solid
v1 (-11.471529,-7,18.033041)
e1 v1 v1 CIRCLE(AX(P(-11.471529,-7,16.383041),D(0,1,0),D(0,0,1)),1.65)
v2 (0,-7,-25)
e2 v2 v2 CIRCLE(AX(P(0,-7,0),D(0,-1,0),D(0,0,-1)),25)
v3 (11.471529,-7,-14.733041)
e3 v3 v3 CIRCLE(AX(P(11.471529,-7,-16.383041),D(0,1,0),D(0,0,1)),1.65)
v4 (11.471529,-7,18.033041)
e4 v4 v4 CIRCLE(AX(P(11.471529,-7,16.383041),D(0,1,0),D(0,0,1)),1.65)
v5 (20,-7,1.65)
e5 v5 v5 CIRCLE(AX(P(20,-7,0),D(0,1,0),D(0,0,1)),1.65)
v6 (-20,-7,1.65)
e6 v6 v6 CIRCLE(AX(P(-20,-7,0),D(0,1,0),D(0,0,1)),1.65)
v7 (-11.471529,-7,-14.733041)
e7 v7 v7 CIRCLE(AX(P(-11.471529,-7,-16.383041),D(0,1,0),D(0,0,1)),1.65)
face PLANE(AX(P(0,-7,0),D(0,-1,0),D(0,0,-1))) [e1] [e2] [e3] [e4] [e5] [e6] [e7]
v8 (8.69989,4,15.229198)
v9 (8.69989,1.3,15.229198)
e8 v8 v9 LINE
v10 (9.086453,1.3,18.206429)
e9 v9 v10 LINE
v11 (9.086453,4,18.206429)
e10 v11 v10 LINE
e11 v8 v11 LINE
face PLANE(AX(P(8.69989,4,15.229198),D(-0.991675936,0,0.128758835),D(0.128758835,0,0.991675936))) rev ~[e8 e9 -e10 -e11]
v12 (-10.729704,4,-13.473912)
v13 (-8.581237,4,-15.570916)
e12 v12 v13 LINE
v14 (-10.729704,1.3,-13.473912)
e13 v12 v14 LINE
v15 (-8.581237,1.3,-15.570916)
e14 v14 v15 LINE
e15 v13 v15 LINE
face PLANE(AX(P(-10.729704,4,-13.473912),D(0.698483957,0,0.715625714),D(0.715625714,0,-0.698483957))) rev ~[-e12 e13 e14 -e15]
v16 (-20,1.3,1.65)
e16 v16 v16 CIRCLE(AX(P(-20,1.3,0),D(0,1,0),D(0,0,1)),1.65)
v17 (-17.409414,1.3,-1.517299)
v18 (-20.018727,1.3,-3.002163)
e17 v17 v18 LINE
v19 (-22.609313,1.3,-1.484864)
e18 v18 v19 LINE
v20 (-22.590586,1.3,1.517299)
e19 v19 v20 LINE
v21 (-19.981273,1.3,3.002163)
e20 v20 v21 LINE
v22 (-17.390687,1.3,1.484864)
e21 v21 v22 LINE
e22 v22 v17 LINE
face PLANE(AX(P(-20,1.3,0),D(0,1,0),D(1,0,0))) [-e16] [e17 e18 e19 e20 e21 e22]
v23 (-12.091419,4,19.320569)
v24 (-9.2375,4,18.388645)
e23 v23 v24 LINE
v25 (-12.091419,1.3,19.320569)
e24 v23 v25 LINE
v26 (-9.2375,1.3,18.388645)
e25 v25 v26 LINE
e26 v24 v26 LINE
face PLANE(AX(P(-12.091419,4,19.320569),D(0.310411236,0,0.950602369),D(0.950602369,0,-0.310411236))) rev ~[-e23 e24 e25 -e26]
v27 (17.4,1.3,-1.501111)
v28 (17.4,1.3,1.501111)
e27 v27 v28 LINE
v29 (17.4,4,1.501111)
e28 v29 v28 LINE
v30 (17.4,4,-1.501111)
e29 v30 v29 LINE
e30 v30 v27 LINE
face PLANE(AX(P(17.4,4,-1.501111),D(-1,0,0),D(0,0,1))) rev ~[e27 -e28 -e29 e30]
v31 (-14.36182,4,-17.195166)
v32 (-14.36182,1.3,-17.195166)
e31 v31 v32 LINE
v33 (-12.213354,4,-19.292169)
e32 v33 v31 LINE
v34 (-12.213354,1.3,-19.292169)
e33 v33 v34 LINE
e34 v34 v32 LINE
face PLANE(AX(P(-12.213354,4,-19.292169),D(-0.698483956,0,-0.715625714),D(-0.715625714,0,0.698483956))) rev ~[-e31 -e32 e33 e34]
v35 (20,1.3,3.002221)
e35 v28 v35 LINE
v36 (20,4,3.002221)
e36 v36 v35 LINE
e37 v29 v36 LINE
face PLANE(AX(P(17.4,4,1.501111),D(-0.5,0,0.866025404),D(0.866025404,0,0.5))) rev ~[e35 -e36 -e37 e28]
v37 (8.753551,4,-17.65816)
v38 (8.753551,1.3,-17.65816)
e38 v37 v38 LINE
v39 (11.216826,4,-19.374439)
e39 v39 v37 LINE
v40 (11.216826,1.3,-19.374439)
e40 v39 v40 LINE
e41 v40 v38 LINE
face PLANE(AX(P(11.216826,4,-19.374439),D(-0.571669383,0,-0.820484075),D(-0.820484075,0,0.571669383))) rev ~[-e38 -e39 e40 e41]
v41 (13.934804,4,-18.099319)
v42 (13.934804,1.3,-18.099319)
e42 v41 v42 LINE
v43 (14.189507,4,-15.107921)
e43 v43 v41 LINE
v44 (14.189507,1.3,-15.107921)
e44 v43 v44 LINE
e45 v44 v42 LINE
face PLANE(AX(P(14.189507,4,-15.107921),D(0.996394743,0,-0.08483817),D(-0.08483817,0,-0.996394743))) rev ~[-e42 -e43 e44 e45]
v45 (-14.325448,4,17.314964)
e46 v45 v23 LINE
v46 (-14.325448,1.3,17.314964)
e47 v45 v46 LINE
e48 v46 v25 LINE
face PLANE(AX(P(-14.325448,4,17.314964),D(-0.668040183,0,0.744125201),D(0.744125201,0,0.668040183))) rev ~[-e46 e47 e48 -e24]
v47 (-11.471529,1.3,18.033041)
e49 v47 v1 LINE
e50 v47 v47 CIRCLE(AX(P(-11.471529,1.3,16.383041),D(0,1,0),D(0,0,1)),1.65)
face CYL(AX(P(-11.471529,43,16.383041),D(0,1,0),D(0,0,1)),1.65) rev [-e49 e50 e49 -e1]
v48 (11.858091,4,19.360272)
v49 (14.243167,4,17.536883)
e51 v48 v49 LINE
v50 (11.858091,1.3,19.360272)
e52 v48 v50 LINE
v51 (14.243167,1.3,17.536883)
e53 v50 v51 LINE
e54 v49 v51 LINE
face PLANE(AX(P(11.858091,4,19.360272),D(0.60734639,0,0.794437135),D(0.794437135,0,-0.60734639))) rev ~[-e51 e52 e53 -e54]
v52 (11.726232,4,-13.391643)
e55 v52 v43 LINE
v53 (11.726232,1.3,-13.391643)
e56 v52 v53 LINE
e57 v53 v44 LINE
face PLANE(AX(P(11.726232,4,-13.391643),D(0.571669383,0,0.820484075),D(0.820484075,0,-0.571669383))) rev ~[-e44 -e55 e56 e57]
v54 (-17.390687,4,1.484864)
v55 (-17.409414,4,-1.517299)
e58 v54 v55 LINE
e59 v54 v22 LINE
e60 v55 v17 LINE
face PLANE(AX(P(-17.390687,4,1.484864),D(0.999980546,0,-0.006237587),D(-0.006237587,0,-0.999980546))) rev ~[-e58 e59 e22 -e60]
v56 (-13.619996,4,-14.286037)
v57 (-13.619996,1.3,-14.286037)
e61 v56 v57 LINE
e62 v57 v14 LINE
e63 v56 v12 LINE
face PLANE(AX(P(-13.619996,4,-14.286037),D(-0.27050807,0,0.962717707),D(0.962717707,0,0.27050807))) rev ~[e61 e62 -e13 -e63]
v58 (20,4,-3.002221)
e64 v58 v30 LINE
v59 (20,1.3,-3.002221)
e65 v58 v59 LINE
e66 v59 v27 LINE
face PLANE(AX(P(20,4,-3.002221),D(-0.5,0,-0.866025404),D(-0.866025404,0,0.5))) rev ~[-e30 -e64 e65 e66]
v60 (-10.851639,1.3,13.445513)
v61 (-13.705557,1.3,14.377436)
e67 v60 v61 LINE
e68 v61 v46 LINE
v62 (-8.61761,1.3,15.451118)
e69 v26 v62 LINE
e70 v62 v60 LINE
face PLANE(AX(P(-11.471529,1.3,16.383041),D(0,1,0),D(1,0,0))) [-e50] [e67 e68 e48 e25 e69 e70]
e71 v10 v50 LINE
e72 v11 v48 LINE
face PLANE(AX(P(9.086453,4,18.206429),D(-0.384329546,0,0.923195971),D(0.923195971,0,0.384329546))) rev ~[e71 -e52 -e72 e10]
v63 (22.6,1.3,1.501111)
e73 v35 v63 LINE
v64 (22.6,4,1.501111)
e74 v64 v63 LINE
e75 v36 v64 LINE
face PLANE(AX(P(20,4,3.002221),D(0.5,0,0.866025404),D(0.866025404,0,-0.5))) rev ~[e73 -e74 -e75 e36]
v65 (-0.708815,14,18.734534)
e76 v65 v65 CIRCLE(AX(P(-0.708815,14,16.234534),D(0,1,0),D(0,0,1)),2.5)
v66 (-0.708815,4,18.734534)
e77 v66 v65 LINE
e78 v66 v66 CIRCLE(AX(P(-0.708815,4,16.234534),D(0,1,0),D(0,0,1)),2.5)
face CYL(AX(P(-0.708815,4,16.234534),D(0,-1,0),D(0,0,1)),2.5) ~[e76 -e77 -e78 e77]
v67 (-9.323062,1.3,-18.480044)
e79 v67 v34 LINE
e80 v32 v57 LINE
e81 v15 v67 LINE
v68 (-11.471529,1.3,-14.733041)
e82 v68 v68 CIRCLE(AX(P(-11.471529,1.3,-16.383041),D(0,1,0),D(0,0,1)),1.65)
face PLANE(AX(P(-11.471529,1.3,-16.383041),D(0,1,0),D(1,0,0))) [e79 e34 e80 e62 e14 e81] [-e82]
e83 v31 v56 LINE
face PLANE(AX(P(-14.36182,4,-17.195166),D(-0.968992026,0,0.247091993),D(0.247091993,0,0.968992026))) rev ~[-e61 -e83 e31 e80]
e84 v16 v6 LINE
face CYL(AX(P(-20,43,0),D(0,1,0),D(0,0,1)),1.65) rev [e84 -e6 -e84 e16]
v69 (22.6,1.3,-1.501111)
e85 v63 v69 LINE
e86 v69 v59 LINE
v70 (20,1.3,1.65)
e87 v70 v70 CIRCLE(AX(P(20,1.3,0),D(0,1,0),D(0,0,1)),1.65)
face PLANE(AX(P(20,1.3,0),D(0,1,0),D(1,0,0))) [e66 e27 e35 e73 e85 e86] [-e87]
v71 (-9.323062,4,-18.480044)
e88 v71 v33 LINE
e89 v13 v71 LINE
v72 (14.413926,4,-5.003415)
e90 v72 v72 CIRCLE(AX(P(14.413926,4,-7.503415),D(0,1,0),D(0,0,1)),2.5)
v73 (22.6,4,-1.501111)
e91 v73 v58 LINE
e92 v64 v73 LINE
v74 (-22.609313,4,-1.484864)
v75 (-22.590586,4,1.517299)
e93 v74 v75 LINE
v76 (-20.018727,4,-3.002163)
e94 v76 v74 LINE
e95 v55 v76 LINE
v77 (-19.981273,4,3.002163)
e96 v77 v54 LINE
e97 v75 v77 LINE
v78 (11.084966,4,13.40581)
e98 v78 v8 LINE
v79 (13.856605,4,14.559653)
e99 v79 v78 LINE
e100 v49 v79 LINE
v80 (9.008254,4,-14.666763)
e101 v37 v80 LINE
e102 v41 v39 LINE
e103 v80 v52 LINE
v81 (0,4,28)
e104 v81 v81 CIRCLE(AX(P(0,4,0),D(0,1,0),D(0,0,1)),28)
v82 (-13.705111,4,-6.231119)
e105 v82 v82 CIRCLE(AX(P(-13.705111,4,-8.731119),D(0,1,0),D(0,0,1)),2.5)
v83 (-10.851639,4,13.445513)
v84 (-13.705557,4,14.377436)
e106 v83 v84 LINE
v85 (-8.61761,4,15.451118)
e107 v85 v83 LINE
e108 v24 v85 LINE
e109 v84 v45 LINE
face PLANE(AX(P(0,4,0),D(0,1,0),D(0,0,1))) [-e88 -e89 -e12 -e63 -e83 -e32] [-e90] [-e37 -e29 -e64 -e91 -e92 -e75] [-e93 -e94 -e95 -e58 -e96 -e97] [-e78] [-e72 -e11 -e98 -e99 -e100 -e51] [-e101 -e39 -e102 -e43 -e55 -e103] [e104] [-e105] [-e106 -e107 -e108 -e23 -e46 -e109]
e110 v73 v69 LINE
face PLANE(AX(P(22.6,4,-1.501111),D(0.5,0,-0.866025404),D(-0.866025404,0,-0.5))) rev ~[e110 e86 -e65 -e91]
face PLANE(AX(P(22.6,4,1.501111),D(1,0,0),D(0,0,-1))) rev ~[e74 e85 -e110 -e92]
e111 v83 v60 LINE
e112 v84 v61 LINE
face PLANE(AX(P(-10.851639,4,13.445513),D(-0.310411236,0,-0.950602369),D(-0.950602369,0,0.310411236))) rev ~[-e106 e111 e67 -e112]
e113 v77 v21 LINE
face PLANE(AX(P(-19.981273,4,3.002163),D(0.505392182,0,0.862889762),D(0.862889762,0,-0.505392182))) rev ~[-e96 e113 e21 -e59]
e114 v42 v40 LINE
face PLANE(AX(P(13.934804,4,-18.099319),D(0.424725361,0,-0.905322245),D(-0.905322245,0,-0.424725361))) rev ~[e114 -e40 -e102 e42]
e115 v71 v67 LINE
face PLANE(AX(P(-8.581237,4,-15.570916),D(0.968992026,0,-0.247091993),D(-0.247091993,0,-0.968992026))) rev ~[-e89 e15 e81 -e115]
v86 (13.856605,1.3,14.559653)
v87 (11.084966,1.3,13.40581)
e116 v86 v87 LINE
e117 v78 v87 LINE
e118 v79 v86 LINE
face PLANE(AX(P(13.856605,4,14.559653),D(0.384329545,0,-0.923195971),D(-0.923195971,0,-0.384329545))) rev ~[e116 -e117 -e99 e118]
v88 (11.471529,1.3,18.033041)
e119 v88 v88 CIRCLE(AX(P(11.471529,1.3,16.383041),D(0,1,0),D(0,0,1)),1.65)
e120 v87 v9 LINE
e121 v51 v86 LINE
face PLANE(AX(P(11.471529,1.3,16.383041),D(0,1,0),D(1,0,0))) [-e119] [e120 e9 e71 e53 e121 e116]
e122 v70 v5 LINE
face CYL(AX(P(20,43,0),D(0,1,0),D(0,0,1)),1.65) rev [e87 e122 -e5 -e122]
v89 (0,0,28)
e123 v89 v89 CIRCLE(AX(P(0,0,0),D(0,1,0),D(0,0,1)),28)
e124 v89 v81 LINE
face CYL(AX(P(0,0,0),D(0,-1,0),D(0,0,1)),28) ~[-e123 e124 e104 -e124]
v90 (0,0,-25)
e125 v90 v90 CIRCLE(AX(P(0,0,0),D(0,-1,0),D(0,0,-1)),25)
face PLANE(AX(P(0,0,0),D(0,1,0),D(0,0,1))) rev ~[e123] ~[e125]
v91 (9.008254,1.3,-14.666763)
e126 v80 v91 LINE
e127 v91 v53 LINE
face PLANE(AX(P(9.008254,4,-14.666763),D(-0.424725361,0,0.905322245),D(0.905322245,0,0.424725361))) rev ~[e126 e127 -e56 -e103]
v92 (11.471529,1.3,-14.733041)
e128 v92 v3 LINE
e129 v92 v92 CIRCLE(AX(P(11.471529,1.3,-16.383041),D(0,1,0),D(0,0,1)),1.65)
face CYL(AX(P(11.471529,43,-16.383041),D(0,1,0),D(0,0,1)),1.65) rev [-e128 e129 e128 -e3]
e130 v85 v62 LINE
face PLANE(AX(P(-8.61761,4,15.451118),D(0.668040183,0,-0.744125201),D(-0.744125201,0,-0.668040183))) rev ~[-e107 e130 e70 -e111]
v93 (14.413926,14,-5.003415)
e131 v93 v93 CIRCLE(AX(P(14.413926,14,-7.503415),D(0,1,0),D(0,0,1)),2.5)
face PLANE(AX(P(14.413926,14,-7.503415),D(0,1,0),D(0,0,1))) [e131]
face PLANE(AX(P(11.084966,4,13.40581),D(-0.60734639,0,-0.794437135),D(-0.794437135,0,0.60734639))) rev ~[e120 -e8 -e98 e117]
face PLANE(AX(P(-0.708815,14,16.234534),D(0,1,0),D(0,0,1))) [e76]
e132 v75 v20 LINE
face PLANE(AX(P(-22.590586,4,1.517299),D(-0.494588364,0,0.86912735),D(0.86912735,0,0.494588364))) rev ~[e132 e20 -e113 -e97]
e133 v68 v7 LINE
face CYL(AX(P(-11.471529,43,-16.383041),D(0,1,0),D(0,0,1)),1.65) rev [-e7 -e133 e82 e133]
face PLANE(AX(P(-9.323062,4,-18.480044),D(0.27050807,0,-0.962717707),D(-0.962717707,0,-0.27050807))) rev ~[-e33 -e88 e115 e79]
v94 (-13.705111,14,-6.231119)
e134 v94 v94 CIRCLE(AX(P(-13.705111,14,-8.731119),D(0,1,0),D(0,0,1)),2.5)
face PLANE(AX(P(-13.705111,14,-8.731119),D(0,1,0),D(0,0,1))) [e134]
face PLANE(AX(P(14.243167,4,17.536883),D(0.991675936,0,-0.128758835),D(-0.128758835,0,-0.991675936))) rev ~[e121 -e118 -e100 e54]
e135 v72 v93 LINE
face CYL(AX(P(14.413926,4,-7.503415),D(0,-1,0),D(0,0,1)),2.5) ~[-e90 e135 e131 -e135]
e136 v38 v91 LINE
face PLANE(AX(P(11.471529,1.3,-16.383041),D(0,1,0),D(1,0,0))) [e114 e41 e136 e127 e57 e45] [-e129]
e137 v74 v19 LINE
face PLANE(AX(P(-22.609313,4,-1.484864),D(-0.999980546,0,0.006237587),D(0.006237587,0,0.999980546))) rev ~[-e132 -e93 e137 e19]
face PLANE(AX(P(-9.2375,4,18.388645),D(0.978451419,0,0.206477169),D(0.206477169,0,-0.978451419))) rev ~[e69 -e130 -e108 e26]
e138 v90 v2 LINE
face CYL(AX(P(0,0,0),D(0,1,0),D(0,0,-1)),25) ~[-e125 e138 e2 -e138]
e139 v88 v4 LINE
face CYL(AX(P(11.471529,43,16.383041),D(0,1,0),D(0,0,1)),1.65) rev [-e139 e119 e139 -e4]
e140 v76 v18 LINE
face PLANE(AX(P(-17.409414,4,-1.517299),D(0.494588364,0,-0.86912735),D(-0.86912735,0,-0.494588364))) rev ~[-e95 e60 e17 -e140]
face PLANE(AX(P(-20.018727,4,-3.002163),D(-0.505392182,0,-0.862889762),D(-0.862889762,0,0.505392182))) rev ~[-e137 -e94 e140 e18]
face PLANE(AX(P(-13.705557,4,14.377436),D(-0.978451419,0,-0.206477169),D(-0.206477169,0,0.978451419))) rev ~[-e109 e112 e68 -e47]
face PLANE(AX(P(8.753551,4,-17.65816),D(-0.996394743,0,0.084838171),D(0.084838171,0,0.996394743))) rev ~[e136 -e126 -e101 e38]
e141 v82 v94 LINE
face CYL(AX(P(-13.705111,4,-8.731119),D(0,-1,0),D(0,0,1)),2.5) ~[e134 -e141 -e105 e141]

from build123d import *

# Parameters (mm, degrees)
SKETCH3_R               = 28
BOSS_EXTRUDE1_DEPTH     = 4
SKETCH6_R               = 25
BOSS_EXTRUDE4_DEPTH     = 7
SKETCH7_R               = 2.5
BOSS_EXTRUDE5_DEPTH     = 10
CUT_EXTRUDE1_DEPTH      = 10
CUT_EXTRUDE1_DEPTH_BACK = 43
SKETCH8_R               = 1.65
CUT_EXTRUDE3_DEPTH      = 2.7


with BuildPart() as part:
    # Sketch3 → Boss-Extrude1 (new body)
    with BuildSketch(Plane(origin=(0, 0, 0), x_dir=(1, 0, 0), z_dir=(0, 1, 0))):
        with Locations(Location((0, 0, 0), (0, 0, 270))):
            Circle(SKETCH3_R)
    extrude(amount=BOSS_EXTRUDE1_DEPTH)

    # Sketch6 → Boss-Extrude4 (add)
    with BuildSketch(Plane.XZ):
        with Locations(Location((0, 0, 0), (0, 0, 270))):
            Circle(SKETCH6_R)
    extrude(amount=BOSS_EXTRUDE4_DEPTH)

    # Sketch7 → Boss-Extrude5 (add)
    with BuildSketch(Plane(origin=(0, 4, 0), x_dir=(1, 0, 0), z_dir=(0, 1, 0))):
        with Locations(Location((14.413926039, 7.503414965, 0), (0, 0, 270))):
            Circle(SKETCH7_R)
        with Locations(Location((-13.705110994, 8.731118636, 0), (0, 0, 270))):
            Circle(SKETCH7_R)
        with Locations(Location((-0.708815045, -16.234533601, 0), (0, 0, 270))):
            Circle(SKETCH7_R)
    extrude(amount=BOSS_EXTRUDE5_DEPTH)

    # Sketch8 → Cut-Extrude1 (cut, two sides: drawn at the far end of the back side and taken through both)
    with BuildSketch(Plane.XZ.offset(-CUT_EXTRUDE1_DEPTH_BACK)):
        with Locations(Location((20, 0, 0), (0, 0, 90))):
            Circle(SKETCH8_R)
        with Locations(Location((-20, 0, 0), (0, 0, 90))):
            Circle(SKETCH8_R)
        with Locations(Location((11.471528727, 16.383040886, 0), (0, 0, 90))):
            Circle(SKETCH8_R)
        with Locations(Location((-11.471528727, -16.383040886, 0), (0, 0, 90))):
            Circle(SKETCH8_R)
        with Locations(Location((11.471528727, -16.383040886, 0), (0, 0, 90))):
            Circle(SKETCH8_R)
        with Locations(Location((-11.471528727, 16.383040886, 0), (0, 0, 90))):
            Circle(SKETCH8_R)
    extrude(amount=CUT_EXTRUDE1_DEPTH + CUT_EXTRUDE1_DEPTH_BACK, mode=Mode.SUBTRACT)

    # Sketch11 → Cut-Extrude3 (cut)
    with BuildSketch(Plane(origin=(0, 4, 0), x_dir=(1, 0, 0), z_dir=(0, 1, 0))):
        Polygon((11.858091258, -19.360271603), (14.243167426, -17.536883273), (13.856604896, -14.559652555), (11.084966196, -13.405810169), (8.699890028, -15.229198499), (9.086452558, -18.206429216), align=None)
        Polygon((-12.091418901, -19.320568674), (-9.237500125, -18.388645418), (-8.617609951, -15.45111763), (-10.851638553, -13.445513098), (-13.705557329, -14.377436353), (-14.325447503, -17.314964141), align=None)
        Polygon((-22.590586111, -1.517299224), (-19.981273382, -3.002162995), (-17.390687271, -1.48486377), (-17.409413889, 1.517299224), (-20.018726618, 3.002162995), (-22.609312729, 1.48486377), align=None)
        Polygon((20, -3.0022214), (22.6, -1.5011107), (22.6, 1.5011107), (20, 3.0022214), (17.4, 1.5011107), (17.4, -1.5011107), align=None)
        Polygon((9.008253879, 14.666762832), (11.726231698, 13.391643264), (14.189506546, 15.107921318), (13.934803575, 18.09931894), (11.216825756, 19.374438507), (8.753550908, 17.658160453), align=None)
        Polygon((-10.729703857, 13.473912288), (-8.581237024, 15.57091577), (-9.323061894, 18.480044367), (-12.213353597, 19.292169483), (-14.36182043, 17.195166002), (-13.61999556, 14.286037405), align=None)
    extrude(amount=-CUT_EXTRUDE3_DEPTH, mode=Mode.SUBTRACT)


solid = part.part
